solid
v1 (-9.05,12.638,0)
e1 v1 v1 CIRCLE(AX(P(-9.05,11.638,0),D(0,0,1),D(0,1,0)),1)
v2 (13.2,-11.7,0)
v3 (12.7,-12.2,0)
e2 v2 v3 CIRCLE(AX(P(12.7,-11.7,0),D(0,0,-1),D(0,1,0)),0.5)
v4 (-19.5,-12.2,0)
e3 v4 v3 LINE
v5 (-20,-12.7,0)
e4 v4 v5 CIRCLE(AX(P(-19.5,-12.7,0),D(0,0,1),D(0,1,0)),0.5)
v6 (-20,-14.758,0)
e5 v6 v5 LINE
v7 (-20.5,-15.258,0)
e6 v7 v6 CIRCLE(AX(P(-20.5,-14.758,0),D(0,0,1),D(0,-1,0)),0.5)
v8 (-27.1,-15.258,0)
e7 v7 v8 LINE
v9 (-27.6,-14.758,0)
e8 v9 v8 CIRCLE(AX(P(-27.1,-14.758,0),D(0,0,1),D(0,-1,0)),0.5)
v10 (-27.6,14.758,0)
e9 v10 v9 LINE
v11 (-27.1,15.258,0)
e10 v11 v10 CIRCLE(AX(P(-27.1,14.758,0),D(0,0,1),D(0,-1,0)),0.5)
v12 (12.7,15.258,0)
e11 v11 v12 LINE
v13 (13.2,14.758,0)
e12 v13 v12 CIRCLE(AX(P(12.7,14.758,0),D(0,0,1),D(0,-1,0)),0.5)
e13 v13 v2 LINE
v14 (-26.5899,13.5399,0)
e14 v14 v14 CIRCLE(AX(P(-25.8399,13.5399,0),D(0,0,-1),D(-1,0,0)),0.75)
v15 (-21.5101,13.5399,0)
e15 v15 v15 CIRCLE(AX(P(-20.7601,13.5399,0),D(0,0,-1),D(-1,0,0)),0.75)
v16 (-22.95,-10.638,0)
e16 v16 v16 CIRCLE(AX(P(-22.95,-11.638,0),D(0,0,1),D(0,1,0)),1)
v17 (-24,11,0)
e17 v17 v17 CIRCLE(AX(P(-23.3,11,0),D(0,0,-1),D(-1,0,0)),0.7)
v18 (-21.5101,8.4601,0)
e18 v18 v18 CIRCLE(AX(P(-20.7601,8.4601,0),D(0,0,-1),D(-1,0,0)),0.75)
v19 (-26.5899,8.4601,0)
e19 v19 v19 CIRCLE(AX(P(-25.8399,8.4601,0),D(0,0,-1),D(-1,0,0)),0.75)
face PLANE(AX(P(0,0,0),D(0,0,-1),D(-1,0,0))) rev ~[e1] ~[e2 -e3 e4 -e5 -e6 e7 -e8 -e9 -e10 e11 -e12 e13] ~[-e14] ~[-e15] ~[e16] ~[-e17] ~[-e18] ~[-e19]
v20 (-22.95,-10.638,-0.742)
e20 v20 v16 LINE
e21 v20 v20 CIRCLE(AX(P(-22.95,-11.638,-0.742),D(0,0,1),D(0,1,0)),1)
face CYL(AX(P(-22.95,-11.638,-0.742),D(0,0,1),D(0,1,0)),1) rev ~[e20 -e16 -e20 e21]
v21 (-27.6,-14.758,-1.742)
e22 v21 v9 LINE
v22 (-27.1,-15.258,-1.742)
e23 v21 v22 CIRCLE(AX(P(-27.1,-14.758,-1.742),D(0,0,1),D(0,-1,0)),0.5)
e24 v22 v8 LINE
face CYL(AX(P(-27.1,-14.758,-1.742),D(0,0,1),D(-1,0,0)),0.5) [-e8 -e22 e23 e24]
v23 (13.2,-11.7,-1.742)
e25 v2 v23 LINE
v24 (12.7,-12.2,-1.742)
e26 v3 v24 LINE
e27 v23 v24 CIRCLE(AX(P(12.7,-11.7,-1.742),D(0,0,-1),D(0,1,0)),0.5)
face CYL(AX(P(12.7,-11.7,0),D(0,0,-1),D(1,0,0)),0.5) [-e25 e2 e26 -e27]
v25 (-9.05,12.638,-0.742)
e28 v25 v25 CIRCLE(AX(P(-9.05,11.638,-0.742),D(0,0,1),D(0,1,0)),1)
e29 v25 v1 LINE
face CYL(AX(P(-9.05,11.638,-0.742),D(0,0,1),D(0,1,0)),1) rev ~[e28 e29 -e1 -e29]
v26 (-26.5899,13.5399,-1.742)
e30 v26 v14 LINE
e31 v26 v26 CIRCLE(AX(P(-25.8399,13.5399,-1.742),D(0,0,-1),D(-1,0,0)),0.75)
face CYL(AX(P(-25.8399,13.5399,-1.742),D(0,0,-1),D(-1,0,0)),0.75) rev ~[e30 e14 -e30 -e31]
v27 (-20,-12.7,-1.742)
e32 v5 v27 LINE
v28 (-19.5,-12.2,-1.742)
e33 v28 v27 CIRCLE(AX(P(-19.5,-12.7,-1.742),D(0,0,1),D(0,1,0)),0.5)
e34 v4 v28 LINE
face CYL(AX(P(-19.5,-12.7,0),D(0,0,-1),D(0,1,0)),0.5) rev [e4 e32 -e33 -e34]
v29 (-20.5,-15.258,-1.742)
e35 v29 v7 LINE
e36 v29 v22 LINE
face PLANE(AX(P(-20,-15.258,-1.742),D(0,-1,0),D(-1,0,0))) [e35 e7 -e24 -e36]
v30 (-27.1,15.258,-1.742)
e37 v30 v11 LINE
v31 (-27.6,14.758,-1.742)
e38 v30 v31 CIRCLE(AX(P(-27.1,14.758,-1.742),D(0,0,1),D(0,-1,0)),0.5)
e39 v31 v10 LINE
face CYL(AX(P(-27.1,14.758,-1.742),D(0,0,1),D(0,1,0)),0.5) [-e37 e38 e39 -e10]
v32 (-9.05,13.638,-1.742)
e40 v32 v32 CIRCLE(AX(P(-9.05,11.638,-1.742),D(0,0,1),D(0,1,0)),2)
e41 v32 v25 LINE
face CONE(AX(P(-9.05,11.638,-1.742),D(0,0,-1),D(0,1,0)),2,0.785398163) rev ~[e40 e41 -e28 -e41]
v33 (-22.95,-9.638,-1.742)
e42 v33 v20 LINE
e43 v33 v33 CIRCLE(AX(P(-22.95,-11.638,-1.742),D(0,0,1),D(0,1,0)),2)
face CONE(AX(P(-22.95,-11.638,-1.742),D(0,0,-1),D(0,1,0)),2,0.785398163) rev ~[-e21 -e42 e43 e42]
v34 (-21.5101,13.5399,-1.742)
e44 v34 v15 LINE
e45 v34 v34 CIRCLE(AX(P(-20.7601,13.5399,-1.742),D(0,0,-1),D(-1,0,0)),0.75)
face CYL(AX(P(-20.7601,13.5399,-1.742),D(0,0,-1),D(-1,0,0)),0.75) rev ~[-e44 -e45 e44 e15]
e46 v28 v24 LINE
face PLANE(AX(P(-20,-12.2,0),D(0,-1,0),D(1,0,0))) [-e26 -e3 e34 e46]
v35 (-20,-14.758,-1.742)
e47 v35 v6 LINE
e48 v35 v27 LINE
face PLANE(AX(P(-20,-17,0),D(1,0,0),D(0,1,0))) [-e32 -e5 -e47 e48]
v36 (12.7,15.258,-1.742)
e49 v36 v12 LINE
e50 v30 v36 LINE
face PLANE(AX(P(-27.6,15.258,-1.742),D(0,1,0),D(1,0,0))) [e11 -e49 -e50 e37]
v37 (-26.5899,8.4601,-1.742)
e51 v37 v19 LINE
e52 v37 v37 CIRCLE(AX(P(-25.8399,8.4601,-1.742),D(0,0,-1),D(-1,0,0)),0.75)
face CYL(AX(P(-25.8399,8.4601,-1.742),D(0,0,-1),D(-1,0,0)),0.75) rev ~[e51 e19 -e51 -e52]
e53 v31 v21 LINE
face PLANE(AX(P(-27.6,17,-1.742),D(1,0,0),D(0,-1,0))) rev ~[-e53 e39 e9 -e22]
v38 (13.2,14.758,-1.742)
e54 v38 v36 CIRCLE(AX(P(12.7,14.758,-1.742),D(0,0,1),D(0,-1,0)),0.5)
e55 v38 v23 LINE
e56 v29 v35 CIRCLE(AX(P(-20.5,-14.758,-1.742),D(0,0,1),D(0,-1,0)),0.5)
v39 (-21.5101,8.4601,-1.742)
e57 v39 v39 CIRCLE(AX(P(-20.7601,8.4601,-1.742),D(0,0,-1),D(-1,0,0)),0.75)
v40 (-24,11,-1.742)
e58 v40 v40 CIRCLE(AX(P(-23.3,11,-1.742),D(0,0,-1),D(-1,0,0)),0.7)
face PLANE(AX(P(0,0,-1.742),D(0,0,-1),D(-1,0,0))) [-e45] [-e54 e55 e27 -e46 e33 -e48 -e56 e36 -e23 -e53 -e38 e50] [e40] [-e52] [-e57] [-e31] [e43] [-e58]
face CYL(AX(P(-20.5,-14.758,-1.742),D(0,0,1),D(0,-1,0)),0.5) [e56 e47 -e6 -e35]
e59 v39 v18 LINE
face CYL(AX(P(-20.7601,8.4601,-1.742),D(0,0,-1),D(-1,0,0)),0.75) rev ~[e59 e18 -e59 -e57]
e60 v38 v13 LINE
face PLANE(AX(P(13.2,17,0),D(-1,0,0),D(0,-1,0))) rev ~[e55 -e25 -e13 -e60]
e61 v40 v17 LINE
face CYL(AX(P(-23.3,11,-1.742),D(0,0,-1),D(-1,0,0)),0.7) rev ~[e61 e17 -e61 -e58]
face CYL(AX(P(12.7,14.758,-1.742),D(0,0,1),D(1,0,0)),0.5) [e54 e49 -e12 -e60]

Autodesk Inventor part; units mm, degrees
ref_plane "YZ Plane" through (0, 0, 0) normal (1, 0, 0) x (0, 1, 0)
ref_plane "XZ Plane" through (0, 0, 0) normal (0, 1, 0) x (-1, 0, 0)
ref_plane "XY Plane" through (0, 0, 0) normal (0, 0, 1) x (1, 0, 0)
sketch "Boceto1" plane through (0, 0, 0) normal (0, 0, 1) x (1, 0, 0)
  line L0 (-26, 17) -> (26, 17)
  line L1 (26, 17) -> (26, -17)
  line L2 (26, -17) -> (-26, -17)
  line L3 (-26, -17) -> (-26, 17)
  line L4 (-26, 17) -> (26, -17) construction
  line L5 (26, 17) -> (-26, -17) construction
  point P0 (0, 0)
  dimension "d0" = 52
  dimension "d1" = 34
extrude "Extrusión1" add sketch "Boceto1" against normal blind 1.742
fillet "Empalme1" radius 0.5 4 edges at (26, 17, -0.871) (-26, 17, -0.871) (-26, -17, -0.871) (26, -17, -0.871)
sketch "Boceto2" plane through (0, 0, 0) normal (0, 0, 1) x (1, 0, 0)
  line L0 (25.5, 17) -> (-25.5, 17) projected
  line L1 (26, 16.5) -> (26, -16.5) projected
  line L2 (25.5, -17) -> (-25.5, -17) construction
  line L3 (23, -17) -> (-20, -17)
  line L4 (-20, -17) -> (-20, -12.2)
  line L5 (-20, -12.2) -> (23, -12.2)
  line L6 (23, -12.2) -> (23, -17)
  point P0 (0, 0)
  dimension "d13" = 3
  dimension "d14" = 4.8
  dimension "d15" = 43
extrude "Extrusión2" cut sketch "Boceto2" against normal through all
sketch "Boceto3" plane through (0, 0, -1.742) normal (0, 0, -1) x (-1, 0, 0)
  arc A0 (26, 16.5) -> (25.5, 17) centre (25.5, 16.5) ccw projected
  line L0 (26, -16.5) -> (26, 16.5) projected
  arc A1 (25.5, -17) -> (26, -16.5) centre (25.5, -16.5) ccw projected
  line L1 (25.5, 17) -> (27.6, 17)
  line L2 (27.6, 17) -> (27.6, -17)
  line L3 (27.6, -17) -> (25.5, -17)
  point P0 (0, 0)
  dimension "d10" = 1.6
extrude "Extrusión3" add sketch "Boceto3" against normal up to surface (1.742 mm away)
sketch "Boceto4" plane through (0, 0, 0) normal (0, 0, 1) x (1, 0, 0)
  line L0 (-27.6, 17) -> (25.5, 17) construction
  arc A0 (26, 16.5) -> (25.5, 17) centre (25.5, 16.5) ccw construction
  line L1 (26, 16.5) -> (26, -16.5) construction
  line L2 (25.5, -17) -> (23, -17) construction
  arc A1 (25.5, -17) -> (26, -16.5) centre (25.5, -16.5) ccw construction
  line L3 (23, -12.2) -> (23, -17) construction
  line L4 (-20, -12.2) -> (23, -12.2) construction
  line L5 (26, 17) -> (22.8, 17)
  line L6 (22.8, 17) -> (22.8, -17)
  line L7 (22.8, -17) -> (26, -17)
  line L8 (26, -17) -> (26, 17)
  point P0 (0, 0)
  dimension "d16" = 3.2
  dimension "d17" = 34
extrude "Extrusión4" cut sketch "Boceto4" against normal up to surface (1.742 mm away)
sketch "Boceto5" plane through (0, 0, 0) normal (0, 0, 1) x (1, 0, 0)
  line L0 (-27.6, 17) -> (22.8, 17) projected
  line L1 (22.8, 17) -> (13.2, 17)
  line L2 (13.2, 17) -> (13.2, -12.2)
  line L3 (13.2, -12.2) -> (22.8, -12.2)
  line L4 (22.8, -12.2) -> (22.8, 17)
  point P0 (0, 0)
  point P1 (22.8, -12.2)
  dimension "d20" = 9.6
extrude "Extrusión5" cut sketch "Boceto5" against normal up to surface (1.742 mm away)
fillet "Empalme2" radius 1 3 edges at (-27.6, -17, -0.871) (-27.6, 17, -0.871) (13.2, 17, -0.871)
sketch "Boceto8" plane through (0, 0, -1.742) normal (0, 0, -1) x (-1, 0, 0)
  line L0 (20, -17) -> (26.6, -17) projected
  line L1 (20, -12.2) -> (20, -17) projected
  point P0 (0, 0)
  point P1 (22.95, -11.638)
  dimension "d54" = 5.362
  dimension "d55" = 2.95
hole "Agujero3" at (-22.95, -11.638, -1.742) direction (0, 0, 1) diameter 2 end through all countersink diameter 4 countersink angle 90
sketch "Boceto9" plane through (0, 0, -1.742) normal (0, 0, -1) x (-1, 0, 0)
  line L0 (-13.2, 16) -> (-13.2, -12.2) projected
  line L1 (26.6, 17) -> (-12.2, 17) projected
  point P0 (0, 0)
  point P1 (9.05, 11.638)
  dimension "d52" = 22.25
  dimension "d53" = 5.362
hole "Agujero4" at (-9.05, 11.638, -1.742) direction (0, 0, 1) diameter 2 end through all countersink diameter 4 countersink angle 90
sketch "Boceto10" plane through (0, 0, -1.742) normal (0, 0, -1) x (-1, 0, 0)
  line L0 (20.7601, 13.5399) -> (25.8399, 13.5399) construction
  line L1 (25.8399, 13.5399) -> (25.8399, 8.4601) construction
  line L2 (25.8399, 8.4601) -> (20.7601, 8.4601) construction
  line L3 (20.7601, 8.4601) -> (20.7601, 13.5399) construction
  line L4 (20.7601, 13.5399) -> (25.8399, 8.4601) construction
  line L5 (26.6, 17) -> (-12.2, 17) construction
  line L6 (27.6, -16) -> (27.6, 16) construction
  circle A0 centre (20.7601, 13.5399) radius 0.75
  circle A1 centre (25.8399, 13.5399) radius 0.75
  circle A2 centre (20.7601, 8.4601) radius 0.75
  circle A3 centre (25.8399, 8.4601) radius 0.75
  circle A4 centre (23.3, 11) radius 0.7
  point P0 (0, 0)
  dimension "d56" = 7.184
  dimension "d57" = 45
  dimension "d58" = 6
  dimension "d59" = 4.3
  dimension "d60" = 1.5
  dimension "d61" = 1.5
  dimension "d62" = 1.5
  dimension "d63" = 1.5
  dimension "d64" = 1.4
extrude "Extrusión6" cut sketch "Boceto10" against normal up to surface (1.742 mm away)
fillet "Empalme3" radius 0.5 1 edges at (13.2, -12.2, -0.871)
fillet "Empalme4" radius 0.5 2 edges at (-20, -17, -0.871) (-20, -12.2, -0.871)
sketch "Boceto11" plane through (0, 0, -1.742) normal (0, 0, -1) x (-1, 0, 0)
  line L0 (-13.2, 17) -> (27.6, 17)
  line L1 (27.6, 17) -> (27.6, 15.258)
  line L2 (27.6, 15.258) -> (-13.2, 15.258)
  line L3 (-13.2, 15.258) -> (-13.2, 17)
  line L4 (-13.2, 16) -> (-13.2, -11.7) projected
  line L5 (27.6, -16) -> (27.6, 16) projected
  line L6 (20, -15.258) -> (27.6, -15.258)
  line L7 (27.6, -15.258) -> (27.6, -17)
  line L8 (27.6, -17) -> (20, -17)
  line L9 (20, -17) -> (20, -15.258)
  line L10 (20, -12.7) -> (20, -16.5) projected
  line L11 (20.5, -17) -> (26.6, -17) projected
  point P0 (0, 0)
  point P1 (26.6, 17)
  dimension "d69" = 1.742
  dimension "d70" = 1.742
extrude "Extrusión7" cut sketch "Boceto11" against normal up to surface (1.742 mm away)
fillet "Empalme5" radius 0.5 4 edges at (13.2, 15.258, -0.871) (-27.6, 15.258, -0.871) (-20, -15.258, -0.871) (-27.6, -15.258, -0.871)
properties part number "hw_DAA - PCB MicroSD" material "PCB"
